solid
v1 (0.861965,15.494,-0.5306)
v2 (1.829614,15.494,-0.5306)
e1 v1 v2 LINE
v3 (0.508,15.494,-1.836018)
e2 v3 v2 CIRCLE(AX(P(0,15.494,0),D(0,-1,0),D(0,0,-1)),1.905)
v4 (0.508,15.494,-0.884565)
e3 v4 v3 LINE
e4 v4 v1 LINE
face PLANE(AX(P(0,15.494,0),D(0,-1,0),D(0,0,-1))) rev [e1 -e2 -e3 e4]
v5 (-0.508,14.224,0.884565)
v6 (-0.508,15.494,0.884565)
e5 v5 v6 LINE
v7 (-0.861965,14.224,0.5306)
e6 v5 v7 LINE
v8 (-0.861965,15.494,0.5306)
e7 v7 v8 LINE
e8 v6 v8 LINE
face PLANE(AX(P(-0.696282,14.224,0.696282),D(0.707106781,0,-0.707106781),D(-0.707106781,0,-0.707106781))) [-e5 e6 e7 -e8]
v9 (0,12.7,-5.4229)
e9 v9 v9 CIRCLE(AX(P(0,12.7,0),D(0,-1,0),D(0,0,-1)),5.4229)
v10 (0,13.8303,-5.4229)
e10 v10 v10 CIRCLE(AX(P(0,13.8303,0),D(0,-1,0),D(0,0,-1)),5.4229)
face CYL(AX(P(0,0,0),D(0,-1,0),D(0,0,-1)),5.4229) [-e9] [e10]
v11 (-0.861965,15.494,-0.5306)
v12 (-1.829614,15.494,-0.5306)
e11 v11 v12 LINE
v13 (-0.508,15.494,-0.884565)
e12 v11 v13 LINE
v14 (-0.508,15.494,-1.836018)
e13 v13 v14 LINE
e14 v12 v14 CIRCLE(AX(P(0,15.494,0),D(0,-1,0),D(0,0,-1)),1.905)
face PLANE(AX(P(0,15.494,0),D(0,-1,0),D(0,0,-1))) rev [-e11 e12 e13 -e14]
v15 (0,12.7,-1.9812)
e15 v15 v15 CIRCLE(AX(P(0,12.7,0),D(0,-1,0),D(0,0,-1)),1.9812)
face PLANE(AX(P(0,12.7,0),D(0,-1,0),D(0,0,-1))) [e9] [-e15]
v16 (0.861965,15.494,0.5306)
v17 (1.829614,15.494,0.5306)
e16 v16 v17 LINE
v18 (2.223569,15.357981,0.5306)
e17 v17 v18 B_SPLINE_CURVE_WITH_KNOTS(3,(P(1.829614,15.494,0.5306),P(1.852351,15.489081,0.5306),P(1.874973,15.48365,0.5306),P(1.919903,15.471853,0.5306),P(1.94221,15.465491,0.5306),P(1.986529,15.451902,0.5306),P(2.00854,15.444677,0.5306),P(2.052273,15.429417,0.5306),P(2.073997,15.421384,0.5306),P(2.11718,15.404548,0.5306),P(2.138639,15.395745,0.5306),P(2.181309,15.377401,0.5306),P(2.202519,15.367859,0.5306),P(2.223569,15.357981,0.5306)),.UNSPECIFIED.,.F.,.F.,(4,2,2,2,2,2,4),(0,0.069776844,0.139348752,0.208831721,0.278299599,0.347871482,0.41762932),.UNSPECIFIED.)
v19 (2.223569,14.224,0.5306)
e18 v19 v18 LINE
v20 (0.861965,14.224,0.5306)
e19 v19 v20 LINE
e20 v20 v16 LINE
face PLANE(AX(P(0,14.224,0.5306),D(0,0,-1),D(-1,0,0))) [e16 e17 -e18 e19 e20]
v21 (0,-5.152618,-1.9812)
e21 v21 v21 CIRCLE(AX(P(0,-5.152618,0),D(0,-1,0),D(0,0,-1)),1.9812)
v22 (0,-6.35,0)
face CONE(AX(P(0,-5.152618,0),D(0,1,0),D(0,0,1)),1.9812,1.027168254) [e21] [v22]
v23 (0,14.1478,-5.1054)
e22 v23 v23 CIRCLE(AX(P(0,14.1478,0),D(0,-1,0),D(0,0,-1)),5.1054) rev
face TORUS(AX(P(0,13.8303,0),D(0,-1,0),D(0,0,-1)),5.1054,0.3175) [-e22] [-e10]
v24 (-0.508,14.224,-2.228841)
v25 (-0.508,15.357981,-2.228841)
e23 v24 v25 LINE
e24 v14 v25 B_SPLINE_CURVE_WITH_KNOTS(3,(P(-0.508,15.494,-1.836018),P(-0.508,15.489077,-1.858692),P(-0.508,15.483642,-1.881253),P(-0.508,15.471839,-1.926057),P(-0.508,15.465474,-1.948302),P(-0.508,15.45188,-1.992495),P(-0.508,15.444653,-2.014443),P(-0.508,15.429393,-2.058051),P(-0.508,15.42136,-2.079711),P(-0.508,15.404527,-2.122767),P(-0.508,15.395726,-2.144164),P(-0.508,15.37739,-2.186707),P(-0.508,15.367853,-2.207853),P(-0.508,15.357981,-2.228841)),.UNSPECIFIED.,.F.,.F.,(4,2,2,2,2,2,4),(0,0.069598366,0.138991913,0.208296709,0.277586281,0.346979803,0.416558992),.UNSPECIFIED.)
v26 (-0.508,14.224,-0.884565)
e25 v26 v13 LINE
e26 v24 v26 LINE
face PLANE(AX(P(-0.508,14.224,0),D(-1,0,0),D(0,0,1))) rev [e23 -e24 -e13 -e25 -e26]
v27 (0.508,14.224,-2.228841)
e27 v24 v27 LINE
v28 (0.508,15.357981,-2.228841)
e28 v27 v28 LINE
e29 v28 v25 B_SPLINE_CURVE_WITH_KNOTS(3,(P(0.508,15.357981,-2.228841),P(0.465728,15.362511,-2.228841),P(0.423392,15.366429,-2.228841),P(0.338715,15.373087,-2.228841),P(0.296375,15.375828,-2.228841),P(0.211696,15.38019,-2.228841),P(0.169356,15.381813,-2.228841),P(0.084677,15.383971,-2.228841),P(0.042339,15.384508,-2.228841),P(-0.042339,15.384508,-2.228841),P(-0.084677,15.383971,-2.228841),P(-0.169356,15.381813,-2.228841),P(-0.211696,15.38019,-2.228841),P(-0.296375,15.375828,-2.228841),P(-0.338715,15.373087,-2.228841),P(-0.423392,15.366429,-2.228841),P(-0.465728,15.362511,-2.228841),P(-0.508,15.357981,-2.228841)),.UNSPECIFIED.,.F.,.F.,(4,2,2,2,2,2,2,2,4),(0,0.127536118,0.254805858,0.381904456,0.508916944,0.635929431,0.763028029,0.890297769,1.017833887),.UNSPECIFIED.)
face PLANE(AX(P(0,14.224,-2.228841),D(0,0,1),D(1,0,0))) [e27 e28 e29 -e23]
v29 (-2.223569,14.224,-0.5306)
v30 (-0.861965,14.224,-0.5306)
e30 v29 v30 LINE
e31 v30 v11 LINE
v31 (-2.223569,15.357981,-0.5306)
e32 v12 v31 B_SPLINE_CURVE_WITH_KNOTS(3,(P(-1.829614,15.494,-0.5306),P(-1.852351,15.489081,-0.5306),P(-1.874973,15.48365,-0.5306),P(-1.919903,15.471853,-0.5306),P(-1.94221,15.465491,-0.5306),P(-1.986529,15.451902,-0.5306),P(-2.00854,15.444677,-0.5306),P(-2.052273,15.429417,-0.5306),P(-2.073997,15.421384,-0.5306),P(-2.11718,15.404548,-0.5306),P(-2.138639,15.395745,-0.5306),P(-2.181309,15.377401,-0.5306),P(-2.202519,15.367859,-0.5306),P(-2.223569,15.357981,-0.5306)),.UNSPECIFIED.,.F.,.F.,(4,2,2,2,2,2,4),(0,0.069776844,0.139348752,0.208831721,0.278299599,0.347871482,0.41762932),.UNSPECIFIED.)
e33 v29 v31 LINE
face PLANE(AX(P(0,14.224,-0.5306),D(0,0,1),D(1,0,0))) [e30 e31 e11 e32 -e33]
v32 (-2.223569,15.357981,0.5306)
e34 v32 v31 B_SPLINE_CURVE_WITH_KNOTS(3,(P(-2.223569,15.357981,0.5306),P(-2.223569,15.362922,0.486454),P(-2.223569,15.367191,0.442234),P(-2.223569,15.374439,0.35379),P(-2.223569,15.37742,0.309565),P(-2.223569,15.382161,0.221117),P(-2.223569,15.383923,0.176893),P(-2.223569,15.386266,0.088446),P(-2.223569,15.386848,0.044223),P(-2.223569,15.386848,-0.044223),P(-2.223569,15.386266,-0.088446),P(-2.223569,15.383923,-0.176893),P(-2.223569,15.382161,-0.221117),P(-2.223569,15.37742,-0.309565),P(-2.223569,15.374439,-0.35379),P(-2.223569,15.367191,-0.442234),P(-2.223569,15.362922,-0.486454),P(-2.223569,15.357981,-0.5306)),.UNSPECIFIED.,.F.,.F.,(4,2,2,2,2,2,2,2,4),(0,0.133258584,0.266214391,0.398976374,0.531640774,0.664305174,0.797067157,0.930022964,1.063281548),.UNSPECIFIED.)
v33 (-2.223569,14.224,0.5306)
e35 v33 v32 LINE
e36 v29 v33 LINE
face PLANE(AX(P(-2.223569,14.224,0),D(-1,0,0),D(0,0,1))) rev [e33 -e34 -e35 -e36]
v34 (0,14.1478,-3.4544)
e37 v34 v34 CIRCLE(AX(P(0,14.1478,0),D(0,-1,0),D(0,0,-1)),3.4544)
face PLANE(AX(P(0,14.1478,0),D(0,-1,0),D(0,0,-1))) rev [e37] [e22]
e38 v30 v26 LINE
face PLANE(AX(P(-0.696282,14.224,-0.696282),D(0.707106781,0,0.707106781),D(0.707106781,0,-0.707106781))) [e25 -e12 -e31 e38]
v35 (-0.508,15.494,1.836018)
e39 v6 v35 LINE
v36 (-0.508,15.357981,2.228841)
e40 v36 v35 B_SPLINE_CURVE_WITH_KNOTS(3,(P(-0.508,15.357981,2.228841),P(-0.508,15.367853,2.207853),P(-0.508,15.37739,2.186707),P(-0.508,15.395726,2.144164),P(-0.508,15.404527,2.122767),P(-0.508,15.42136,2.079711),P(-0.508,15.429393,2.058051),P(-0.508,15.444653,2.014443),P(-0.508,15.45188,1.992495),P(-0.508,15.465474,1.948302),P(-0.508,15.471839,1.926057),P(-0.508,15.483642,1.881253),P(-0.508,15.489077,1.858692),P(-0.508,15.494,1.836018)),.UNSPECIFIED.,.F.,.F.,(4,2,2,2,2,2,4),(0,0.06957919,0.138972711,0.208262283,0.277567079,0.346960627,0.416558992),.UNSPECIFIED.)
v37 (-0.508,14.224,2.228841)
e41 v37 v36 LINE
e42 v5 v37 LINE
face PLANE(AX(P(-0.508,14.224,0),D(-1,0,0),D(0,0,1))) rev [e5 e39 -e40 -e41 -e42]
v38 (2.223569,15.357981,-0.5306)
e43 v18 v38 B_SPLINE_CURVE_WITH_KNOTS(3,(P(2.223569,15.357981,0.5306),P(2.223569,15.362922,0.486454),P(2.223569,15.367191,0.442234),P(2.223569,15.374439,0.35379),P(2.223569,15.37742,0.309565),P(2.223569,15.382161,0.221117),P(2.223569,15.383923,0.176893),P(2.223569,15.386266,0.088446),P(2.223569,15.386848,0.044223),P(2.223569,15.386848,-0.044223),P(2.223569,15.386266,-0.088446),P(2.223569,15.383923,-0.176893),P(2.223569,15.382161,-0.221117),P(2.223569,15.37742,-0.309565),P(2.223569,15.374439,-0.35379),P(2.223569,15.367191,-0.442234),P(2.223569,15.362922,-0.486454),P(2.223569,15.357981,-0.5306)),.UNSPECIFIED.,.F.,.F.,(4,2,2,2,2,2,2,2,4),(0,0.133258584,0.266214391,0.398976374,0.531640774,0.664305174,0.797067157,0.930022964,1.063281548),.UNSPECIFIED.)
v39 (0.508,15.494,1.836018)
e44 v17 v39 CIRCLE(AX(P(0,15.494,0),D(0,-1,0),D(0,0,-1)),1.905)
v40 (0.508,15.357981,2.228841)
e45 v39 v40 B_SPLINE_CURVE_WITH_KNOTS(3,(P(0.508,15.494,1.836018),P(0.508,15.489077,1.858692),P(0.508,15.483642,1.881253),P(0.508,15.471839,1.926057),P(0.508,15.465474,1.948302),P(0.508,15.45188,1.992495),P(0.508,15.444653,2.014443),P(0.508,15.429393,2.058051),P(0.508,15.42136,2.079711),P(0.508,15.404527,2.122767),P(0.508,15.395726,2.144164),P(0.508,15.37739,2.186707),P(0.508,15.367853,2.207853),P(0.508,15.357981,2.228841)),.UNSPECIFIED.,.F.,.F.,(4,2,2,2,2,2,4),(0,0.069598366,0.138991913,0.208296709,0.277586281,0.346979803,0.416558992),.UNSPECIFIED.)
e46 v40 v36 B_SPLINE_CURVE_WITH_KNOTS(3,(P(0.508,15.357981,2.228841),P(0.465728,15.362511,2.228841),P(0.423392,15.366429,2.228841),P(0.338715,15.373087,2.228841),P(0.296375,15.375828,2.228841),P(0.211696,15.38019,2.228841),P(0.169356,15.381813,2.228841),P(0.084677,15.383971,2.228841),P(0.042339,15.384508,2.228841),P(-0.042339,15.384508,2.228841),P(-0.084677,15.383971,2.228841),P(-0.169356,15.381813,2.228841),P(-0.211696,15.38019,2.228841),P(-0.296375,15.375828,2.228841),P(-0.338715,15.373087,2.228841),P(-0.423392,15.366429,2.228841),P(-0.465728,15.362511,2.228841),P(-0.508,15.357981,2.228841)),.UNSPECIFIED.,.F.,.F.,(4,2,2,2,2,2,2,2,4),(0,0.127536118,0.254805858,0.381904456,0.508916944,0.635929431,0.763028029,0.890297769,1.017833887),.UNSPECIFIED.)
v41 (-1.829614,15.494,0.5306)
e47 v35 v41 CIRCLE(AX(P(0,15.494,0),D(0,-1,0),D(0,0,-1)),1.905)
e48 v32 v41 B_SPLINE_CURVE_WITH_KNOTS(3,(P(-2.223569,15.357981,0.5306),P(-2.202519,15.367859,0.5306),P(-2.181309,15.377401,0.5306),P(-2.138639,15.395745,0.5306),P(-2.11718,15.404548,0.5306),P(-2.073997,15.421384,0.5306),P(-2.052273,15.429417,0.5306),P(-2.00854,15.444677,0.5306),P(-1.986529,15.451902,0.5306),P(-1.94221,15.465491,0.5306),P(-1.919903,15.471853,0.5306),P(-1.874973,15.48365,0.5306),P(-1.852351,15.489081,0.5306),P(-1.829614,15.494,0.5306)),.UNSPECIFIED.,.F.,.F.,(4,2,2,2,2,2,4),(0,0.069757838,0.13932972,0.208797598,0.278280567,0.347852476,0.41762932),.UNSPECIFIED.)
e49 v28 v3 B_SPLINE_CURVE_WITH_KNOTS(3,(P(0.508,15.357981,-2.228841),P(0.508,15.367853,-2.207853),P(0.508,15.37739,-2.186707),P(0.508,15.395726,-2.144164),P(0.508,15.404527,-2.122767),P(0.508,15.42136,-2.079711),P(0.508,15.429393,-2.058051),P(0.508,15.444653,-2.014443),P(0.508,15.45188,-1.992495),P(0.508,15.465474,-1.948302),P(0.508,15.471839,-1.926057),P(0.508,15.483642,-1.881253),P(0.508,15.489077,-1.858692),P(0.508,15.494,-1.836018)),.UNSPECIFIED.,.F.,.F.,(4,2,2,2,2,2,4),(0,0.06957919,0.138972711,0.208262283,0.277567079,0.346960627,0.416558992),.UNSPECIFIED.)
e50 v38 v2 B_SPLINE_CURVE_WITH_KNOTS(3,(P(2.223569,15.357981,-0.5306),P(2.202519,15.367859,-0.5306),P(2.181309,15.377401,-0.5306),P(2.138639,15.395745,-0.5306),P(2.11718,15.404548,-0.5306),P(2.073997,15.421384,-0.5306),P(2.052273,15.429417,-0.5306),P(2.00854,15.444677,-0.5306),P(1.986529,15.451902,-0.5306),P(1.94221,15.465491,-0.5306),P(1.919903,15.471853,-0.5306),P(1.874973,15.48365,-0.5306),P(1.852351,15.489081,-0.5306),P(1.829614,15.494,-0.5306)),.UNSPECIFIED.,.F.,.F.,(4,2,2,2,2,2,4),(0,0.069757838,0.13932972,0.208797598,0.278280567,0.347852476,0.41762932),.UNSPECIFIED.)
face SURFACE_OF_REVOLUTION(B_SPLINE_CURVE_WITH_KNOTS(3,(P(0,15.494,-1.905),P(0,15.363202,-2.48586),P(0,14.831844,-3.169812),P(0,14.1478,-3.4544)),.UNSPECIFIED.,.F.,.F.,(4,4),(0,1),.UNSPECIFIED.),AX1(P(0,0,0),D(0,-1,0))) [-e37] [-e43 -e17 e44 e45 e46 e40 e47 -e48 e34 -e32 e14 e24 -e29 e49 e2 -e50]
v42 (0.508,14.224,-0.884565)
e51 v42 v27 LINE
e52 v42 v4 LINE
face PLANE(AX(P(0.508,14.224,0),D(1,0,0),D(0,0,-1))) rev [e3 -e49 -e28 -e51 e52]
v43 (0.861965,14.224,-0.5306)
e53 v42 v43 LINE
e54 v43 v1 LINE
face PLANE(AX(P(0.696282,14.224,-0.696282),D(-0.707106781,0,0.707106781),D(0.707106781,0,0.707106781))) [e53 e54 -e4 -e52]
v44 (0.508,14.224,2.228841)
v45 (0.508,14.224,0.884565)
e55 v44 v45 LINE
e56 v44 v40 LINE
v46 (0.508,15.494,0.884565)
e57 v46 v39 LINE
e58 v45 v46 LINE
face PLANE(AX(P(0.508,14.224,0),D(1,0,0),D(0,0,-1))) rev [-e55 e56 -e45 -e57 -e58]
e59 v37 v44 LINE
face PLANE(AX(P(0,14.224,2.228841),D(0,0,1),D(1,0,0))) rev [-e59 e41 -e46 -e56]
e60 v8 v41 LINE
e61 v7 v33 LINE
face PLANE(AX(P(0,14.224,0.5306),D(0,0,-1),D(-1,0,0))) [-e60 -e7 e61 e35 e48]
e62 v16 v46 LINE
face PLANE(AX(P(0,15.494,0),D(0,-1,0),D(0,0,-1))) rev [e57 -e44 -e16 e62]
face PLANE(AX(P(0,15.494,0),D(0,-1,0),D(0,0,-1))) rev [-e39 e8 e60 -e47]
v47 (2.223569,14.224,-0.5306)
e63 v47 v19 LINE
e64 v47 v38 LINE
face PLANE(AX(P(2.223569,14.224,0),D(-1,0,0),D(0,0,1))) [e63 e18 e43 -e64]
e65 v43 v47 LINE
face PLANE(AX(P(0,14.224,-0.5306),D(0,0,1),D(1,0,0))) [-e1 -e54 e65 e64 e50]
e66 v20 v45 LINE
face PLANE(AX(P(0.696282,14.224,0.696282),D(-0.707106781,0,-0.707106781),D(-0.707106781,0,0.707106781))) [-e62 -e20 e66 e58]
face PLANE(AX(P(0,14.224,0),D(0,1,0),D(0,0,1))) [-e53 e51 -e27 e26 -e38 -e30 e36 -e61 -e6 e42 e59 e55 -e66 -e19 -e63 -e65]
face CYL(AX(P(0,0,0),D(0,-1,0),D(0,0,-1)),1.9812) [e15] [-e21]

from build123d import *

# Parameters (mm, degrees)
SKETCH2_W          = 1.9812
SKETCH2_H          = 12.7
CUT_EXTRUDE1_DEPTH = 1.27
FILLET1_R          = 0.3175


with BuildPart() as part:
    # Sketch2 → Revolve2 (revolve)
    with BuildSketch(Plane(origin=(0, 0, 0), x_dir=(0, 0, -1), z_dir=(1, 0, 0))):
        with BuildLine():
            Line((0, 15.494), (0, 14.1478))
            Line((0, 14.1478), (3.4544, 14.1478))
            add(Edge.make_bspline(
                [(1.905, 15.494), (2.485859984, 15.363201575), (3.169812282, 14.831844182), (3.4544, 14.1478)],
                knots=[0, 0, 0, 0, 1, 1, 1, 1], degree=3))
            Line((1.905, 15.494), (0, 15.494))
        make_face()
        Polygon((0, 14.1478), (0, 12.7), (1.9812, 12.7), (5.4229, 12.7), (5.4229, 14.1478), (3.4544, 14.1478), align=None)
        with Locations((0.9906, 6.35)):
            Rectangle(SKETCH2_W, SKETCH2_H)
        Polygon((1.9812, -5.152618014), (0, -6.35), (0, 0), (1.9812, 0), align=None)
    revolve(axis=Axis((0, 0, 0), (0, 1, 0)))

    # Sketch4 → Cut-Extrude1 (cut)
    with BuildSketch(Plane(origin=(0, 15.494, 0), x_dir=(1, 0, 0), z_dir=(0, 1, 0))):
        Polygon((-0.508, 2.228840954), (0.508, 2.228840954), (0.508, 0.884564976), (0.861964761, 0.530600214), (2.223569071, 0.530600214), (2.223569071, -0.530600214), (0.861964761, -0.530600214), (0.508, -0.884564976), (0.508, -2.228840954), (-0.508, -2.228840954), (-0.508, -0.884564976), (-0.861964761, -0.530600214), (-2.223569071, -0.530600214), (-2.223569071, 0.530600214), (-0.861964761, 0.530600214), (-0.508, 0.884564976), align=None)
    extrude(amount=-CUT_EXTRUDE1_DEPTH, mode=Mode.SUBTRACT)

    # Fillet1
    fillet1_edges = [part.edges().sort_by_distance(p)[0] for p in [
        (0, 14.1478, 5.4229),
    ]]
    fillet(fillet1_edges, radius=FILLET1_R)


solid = part.part
